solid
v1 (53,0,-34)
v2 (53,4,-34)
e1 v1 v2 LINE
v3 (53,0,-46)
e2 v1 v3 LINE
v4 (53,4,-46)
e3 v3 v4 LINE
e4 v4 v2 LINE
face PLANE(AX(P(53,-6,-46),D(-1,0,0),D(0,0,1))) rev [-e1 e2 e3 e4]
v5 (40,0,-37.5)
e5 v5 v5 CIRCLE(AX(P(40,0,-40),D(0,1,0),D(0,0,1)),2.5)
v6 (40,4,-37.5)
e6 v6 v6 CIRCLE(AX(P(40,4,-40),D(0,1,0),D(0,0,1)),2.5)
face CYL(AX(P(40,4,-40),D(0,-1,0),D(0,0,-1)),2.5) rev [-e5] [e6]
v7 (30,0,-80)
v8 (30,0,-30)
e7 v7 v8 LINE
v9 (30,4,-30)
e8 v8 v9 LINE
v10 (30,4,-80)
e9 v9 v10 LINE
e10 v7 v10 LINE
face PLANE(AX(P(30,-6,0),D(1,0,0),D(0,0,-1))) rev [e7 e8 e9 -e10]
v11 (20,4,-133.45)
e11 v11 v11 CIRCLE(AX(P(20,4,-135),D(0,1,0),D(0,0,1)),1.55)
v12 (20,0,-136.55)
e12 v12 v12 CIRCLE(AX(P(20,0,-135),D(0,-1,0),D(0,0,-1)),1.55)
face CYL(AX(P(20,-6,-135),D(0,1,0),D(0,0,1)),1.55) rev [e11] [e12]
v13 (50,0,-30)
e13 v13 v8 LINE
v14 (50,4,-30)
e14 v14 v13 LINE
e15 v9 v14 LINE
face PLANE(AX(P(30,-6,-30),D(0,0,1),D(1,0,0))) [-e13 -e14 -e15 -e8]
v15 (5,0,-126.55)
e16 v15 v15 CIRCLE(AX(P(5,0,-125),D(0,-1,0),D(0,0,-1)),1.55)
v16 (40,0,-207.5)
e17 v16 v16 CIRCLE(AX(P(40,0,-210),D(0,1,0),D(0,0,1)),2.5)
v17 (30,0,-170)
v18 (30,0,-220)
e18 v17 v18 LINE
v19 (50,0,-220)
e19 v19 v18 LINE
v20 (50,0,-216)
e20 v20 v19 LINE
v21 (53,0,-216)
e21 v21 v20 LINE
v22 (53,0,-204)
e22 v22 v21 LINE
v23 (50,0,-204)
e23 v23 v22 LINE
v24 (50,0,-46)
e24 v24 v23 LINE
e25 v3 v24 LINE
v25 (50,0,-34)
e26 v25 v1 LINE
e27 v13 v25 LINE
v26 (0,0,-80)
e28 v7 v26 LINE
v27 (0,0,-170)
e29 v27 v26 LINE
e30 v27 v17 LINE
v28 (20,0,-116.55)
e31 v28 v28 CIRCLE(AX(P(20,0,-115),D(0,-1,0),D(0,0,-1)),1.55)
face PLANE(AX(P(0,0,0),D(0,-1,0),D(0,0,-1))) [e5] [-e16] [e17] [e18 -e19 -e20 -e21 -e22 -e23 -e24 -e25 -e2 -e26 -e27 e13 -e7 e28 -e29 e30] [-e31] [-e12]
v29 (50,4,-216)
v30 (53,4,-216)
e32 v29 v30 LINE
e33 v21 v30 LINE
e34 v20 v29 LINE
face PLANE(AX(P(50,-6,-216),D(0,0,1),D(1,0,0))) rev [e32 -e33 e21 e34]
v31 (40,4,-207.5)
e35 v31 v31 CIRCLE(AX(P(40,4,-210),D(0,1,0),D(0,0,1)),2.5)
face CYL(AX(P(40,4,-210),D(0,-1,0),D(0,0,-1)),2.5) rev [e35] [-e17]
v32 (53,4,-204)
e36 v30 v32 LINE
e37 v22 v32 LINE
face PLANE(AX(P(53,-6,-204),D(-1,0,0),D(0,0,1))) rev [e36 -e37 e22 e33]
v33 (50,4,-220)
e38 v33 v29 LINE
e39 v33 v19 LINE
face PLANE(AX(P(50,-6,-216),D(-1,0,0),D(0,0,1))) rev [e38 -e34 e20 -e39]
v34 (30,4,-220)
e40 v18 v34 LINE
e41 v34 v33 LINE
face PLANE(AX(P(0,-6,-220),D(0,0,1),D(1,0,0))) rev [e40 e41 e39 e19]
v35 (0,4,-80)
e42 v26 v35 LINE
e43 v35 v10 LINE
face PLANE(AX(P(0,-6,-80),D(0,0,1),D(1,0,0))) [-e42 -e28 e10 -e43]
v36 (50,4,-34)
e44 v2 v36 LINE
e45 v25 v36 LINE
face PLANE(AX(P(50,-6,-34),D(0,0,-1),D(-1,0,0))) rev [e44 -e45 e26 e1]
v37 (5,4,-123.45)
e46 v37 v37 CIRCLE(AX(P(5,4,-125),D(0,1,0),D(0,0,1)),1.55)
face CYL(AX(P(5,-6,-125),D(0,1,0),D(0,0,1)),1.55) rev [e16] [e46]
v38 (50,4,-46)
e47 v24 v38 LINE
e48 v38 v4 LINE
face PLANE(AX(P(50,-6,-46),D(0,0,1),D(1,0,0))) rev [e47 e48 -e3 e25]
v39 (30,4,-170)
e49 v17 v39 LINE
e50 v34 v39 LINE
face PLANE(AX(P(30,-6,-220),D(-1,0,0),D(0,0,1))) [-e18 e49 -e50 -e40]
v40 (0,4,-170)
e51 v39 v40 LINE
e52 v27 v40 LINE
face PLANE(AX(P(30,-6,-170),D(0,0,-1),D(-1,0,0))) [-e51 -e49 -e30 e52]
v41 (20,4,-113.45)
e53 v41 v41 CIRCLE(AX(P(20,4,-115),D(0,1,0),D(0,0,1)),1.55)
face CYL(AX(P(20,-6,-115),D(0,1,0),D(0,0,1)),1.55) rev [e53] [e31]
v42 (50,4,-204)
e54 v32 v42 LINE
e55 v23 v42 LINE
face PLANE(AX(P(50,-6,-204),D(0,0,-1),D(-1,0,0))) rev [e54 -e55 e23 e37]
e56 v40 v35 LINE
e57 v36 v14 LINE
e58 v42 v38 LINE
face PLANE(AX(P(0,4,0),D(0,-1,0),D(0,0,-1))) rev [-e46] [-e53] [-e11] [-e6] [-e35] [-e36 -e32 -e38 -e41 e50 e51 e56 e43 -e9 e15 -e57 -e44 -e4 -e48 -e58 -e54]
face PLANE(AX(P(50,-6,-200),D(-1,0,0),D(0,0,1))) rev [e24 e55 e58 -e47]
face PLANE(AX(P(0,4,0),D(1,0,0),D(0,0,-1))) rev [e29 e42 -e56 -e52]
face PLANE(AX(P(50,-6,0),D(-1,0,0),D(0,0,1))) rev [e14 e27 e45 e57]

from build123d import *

# Parameters (mm, degrees)
CROQUIS1_W              = 250
CROQUIS1_H              = 250
CROQUIS1_R              = 2.5
SALIENTE_EXTRUIR1_DEPTH = 4
CORTAR_EXTRUIR1_DEPTH   = 4
CROQUIS3_W              = 150
CROQUIS3_H              = 150
CROQUIS3_W_2            = 100
CROQUIS3_H_2            = 100
SALIENTE_EXTRUIR2_DEPTH = 4
CROQUIS4_R              = 1.55
CORTAR_EXTRUIR2_DEPTH   = 10
CROQUIS5_W              = 150
CROQUIS5_H              = 150
CROQUIS5_W_2            = 100
CROQUIS5_H_2            = 100
CORTAR_EXTRUIR3_DEPTH   = 10
CROQUIS6_W              = 30
CROQUIS6_H              = 50
CROQUIS6_W_2            = 50
CROQUIS6_H_2            = 30
CORTAR_EXTRUIR4_DEPTH   = 10
CROQUIS8_R              = 1.55
CORTAR_EXTRUIR5_DEPTH   = 10
CORTAR_EXTRUIR6_DEPTH   = 10


with BuildPart() as part:
    # Croquis1 → Saliente-Extruir1 (new body)
    with BuildSketch(Plane(origin=(0, 0, 0), x_dir=(1, 0, 0), z_dir=(0, 1, 0))):
        with Locations((125, 125)):
            Rectangle(CROQUIS1_W, CROQUIS1_H)
        with Locations(Location((40, 210, 0), (0, 0, 270))):
            Circle(CROQUIS1_R, mode=Mode.SUBTRACT)
        with Locations(Location((210, 210, 0), (0, 0, 270))):
            Circle(CROQUIS1_R, mode=Mode.SUBTRACT)
        with Locations(Location((210, 40, 0), (0, 0, 270))):
            Circle(CROQUIS1_R, mode=Mode.SUBTRACT)
        with Locations(Location((40, 40, 0), (0, 0, 270))):
            Circle(CROQUIS1_R, mode=Mode.SUBTRACT)
    extrude(amount=SALIENTE_EXTRUIR1_DEPTH)

    # Croquis2 → Cortar-Extruir1 (cut)
    with BuildSketch(Plane(origin=(0, 4, 0), x_dir=(1, 0, 0), z_dir=(0, 1, 0))):
        Polygon((50, 50), (200, 50), (200, 200), (50, 200), (50, 150.09044268), align=None)
    extrude(amount=-CORTAR_EXTRUIR1_DEPTH, mode=Mode.SUBTRACT)

    # Croquis3 → Saliente-Extruir2 (add)
    with BuildSketch(Plane(origin=(0, 4, 0), x_dir=(1, 0, 0), z_dir=(0, 1, 0))):
        with Locations((125, 125)):
            Rectangle(CROQUIS3_W, CROQUIS3_H)
        with Locations((125, 125)):
            Rectangle(CROQUIS3_W_2, CROQUIS3_H_2, mode=Mode.SUBTRACT)
    extrude(amount=-SALIENTE_EXTRUIR2_DEPTH)

    # Croquis4 → Cortar-Extruir2 (cut)
    with BuildSketch(Plane(origin=(0, 4, 0), x_dir=(1, 0, 0), z_dir=(0, 1, 0))):
        with Locations(Location((115, 20, 0), (0, 0, 270))):
            Circle(CROQUIS4_R)
        with Locations(Location((135, 20, 0), (0, 0, 270))):
            Circle(CROQUIS4_R)
        with Locations(Location((125, 5, 0), (0, 0, 270))):
            Circle(CROQUIS4_R)
    extrude(amount=-CORTAR_EXTRUIR2_DEPTH, mode=Mode.SUBTRACT)

    # Croquis5 → Cortar-Extruir3 (cut)
    with BuildSketch(Plane(origin=(0, 4, 0), x_dir=(1, 0, 0), z_dir=(0, 1, 0))):
        with Locations((125, 125)):
            Rectangle(CROQUIS5_W, CROQUIS5_H)
        with Locations((125, 125)):
            Rectangle(CROQUIS5_W_2, CROQUIS5_H_2, mode=Mode.SUBTRACT)
    extrude(amount=-CORTAR_EXTRUIR3_DEPTH, mode=Mode.SUBTRACT)

    # Croquis6 → Cortar-Extruir4 (cut)
    with BuildSketch(Plane(origin=(0, 4, 0), x_dir=(1, 0, 0), z_dir=(0, 1, 0))):
        Polygon((170, 0), (250, 0), (250, 30), (220, 30), (170, 30), align=None)
        with Locations((235, 55)):
            Rectangle(CROQUIS6_W, CROQUIS6_H)
        Polygon((0, 80), (0, 0), (30, 0), (30, 30), (30, 80), align=None)
        with Locations((55, 15)):
            Rectangle(CROQUIS6_W_2, CROQUIS6_H_2)
        Polygon((80, 250), (0, 250), (0, 220), (30, 220), (80, 220), align=None)
        with Locations((15, 195)):
            Rectangle(CROQUIS6_W, CROQUIS6_H)
        Polygon((250, 170), (250, 250), (220, 250), (220, 220), (220, 170), align=None)
        with Locations((195, 235)):
            Rectangle(CROQUIS6_W_2, CROQUIS6_H_2)
    extrude(amount=-CORTAR_EXTRUIR4_DEPTH, mode=Mode.SUBTRACT)

    # Croquis8 → Cortar-Extruir5 (cut)
    with BuildSketch(Plane(origin=(0, 4, 0), x_dir=(1, 0, 0), z_dir=(0, 1, 0))):
        with Locations(Location((125, 5, 0), (0, 0, 270))):
            Circle(CROQUIS8_R)
        with Locations(Location((135, 20, 0), (0, 0, 270))):
            Circle(CROQUIS8_R)
        with Locations(Location((115, 20, 0), (0, 0, 270))):
            Circle(CROQUIS8_R)
        with Locations(Location((20, 135, 0), (0, 0, 270))):
            Circle(CROQUIS8_R)
        with Locations(Location((5, 125, 0), (0, 0, 270))):
            Circle(CROQUIS8_R)
        with Locations(Location((20, 115, 0), (0, 0, 270))):
            Circle(CROQUIS8_R)
        with Locations(Location((135, 230, 0), (0, 0, 270))):
            Circle(CROQUIS8_R)
        with Locations(Location((125, 245, 0), (0, 0, 270))):
            Circle(CROQUIS8_R)
        with Locations(Location((115, 230, 0), (0, 0, 270))):
            Circle(CROQUIS8_R)
        with Locations(Location((230, 115, 0), (0, 0, 270))):
            Circle(CROQUIS8_R)
        with Locations(Location((245, 125, 0), (0, 0, 270))):
            Circle(CROQUIS8_R)
        with Locations(Location((230, 135, 0), (0, 0, 270))):
            Circle(CROQUIS8_R)
    extrude(amount=-CORTAR_EXTRUIR5_DEPTH, mode=Mode.SUBTRACT)

    # Croquis9 → Cortar-Extruir6 (cut)
    with BuildSketch(Plane(origin=(0, 4, 0), x_dir=(1, 0, 0), z_dir=(0, 1, 0))):
        Polygon((50, 0), (250, 0), (250, 250), (50, 250), (50, 216), (53, 216), (53, 204), (50, 204), (50, 46), (53, 46), (53, 34), (50, 34), align=None)
    extrude(amount=-CORTAR_EXTRUIR6_DEPTH, mode=Mode.SUBTRACT)


solid = part.part
